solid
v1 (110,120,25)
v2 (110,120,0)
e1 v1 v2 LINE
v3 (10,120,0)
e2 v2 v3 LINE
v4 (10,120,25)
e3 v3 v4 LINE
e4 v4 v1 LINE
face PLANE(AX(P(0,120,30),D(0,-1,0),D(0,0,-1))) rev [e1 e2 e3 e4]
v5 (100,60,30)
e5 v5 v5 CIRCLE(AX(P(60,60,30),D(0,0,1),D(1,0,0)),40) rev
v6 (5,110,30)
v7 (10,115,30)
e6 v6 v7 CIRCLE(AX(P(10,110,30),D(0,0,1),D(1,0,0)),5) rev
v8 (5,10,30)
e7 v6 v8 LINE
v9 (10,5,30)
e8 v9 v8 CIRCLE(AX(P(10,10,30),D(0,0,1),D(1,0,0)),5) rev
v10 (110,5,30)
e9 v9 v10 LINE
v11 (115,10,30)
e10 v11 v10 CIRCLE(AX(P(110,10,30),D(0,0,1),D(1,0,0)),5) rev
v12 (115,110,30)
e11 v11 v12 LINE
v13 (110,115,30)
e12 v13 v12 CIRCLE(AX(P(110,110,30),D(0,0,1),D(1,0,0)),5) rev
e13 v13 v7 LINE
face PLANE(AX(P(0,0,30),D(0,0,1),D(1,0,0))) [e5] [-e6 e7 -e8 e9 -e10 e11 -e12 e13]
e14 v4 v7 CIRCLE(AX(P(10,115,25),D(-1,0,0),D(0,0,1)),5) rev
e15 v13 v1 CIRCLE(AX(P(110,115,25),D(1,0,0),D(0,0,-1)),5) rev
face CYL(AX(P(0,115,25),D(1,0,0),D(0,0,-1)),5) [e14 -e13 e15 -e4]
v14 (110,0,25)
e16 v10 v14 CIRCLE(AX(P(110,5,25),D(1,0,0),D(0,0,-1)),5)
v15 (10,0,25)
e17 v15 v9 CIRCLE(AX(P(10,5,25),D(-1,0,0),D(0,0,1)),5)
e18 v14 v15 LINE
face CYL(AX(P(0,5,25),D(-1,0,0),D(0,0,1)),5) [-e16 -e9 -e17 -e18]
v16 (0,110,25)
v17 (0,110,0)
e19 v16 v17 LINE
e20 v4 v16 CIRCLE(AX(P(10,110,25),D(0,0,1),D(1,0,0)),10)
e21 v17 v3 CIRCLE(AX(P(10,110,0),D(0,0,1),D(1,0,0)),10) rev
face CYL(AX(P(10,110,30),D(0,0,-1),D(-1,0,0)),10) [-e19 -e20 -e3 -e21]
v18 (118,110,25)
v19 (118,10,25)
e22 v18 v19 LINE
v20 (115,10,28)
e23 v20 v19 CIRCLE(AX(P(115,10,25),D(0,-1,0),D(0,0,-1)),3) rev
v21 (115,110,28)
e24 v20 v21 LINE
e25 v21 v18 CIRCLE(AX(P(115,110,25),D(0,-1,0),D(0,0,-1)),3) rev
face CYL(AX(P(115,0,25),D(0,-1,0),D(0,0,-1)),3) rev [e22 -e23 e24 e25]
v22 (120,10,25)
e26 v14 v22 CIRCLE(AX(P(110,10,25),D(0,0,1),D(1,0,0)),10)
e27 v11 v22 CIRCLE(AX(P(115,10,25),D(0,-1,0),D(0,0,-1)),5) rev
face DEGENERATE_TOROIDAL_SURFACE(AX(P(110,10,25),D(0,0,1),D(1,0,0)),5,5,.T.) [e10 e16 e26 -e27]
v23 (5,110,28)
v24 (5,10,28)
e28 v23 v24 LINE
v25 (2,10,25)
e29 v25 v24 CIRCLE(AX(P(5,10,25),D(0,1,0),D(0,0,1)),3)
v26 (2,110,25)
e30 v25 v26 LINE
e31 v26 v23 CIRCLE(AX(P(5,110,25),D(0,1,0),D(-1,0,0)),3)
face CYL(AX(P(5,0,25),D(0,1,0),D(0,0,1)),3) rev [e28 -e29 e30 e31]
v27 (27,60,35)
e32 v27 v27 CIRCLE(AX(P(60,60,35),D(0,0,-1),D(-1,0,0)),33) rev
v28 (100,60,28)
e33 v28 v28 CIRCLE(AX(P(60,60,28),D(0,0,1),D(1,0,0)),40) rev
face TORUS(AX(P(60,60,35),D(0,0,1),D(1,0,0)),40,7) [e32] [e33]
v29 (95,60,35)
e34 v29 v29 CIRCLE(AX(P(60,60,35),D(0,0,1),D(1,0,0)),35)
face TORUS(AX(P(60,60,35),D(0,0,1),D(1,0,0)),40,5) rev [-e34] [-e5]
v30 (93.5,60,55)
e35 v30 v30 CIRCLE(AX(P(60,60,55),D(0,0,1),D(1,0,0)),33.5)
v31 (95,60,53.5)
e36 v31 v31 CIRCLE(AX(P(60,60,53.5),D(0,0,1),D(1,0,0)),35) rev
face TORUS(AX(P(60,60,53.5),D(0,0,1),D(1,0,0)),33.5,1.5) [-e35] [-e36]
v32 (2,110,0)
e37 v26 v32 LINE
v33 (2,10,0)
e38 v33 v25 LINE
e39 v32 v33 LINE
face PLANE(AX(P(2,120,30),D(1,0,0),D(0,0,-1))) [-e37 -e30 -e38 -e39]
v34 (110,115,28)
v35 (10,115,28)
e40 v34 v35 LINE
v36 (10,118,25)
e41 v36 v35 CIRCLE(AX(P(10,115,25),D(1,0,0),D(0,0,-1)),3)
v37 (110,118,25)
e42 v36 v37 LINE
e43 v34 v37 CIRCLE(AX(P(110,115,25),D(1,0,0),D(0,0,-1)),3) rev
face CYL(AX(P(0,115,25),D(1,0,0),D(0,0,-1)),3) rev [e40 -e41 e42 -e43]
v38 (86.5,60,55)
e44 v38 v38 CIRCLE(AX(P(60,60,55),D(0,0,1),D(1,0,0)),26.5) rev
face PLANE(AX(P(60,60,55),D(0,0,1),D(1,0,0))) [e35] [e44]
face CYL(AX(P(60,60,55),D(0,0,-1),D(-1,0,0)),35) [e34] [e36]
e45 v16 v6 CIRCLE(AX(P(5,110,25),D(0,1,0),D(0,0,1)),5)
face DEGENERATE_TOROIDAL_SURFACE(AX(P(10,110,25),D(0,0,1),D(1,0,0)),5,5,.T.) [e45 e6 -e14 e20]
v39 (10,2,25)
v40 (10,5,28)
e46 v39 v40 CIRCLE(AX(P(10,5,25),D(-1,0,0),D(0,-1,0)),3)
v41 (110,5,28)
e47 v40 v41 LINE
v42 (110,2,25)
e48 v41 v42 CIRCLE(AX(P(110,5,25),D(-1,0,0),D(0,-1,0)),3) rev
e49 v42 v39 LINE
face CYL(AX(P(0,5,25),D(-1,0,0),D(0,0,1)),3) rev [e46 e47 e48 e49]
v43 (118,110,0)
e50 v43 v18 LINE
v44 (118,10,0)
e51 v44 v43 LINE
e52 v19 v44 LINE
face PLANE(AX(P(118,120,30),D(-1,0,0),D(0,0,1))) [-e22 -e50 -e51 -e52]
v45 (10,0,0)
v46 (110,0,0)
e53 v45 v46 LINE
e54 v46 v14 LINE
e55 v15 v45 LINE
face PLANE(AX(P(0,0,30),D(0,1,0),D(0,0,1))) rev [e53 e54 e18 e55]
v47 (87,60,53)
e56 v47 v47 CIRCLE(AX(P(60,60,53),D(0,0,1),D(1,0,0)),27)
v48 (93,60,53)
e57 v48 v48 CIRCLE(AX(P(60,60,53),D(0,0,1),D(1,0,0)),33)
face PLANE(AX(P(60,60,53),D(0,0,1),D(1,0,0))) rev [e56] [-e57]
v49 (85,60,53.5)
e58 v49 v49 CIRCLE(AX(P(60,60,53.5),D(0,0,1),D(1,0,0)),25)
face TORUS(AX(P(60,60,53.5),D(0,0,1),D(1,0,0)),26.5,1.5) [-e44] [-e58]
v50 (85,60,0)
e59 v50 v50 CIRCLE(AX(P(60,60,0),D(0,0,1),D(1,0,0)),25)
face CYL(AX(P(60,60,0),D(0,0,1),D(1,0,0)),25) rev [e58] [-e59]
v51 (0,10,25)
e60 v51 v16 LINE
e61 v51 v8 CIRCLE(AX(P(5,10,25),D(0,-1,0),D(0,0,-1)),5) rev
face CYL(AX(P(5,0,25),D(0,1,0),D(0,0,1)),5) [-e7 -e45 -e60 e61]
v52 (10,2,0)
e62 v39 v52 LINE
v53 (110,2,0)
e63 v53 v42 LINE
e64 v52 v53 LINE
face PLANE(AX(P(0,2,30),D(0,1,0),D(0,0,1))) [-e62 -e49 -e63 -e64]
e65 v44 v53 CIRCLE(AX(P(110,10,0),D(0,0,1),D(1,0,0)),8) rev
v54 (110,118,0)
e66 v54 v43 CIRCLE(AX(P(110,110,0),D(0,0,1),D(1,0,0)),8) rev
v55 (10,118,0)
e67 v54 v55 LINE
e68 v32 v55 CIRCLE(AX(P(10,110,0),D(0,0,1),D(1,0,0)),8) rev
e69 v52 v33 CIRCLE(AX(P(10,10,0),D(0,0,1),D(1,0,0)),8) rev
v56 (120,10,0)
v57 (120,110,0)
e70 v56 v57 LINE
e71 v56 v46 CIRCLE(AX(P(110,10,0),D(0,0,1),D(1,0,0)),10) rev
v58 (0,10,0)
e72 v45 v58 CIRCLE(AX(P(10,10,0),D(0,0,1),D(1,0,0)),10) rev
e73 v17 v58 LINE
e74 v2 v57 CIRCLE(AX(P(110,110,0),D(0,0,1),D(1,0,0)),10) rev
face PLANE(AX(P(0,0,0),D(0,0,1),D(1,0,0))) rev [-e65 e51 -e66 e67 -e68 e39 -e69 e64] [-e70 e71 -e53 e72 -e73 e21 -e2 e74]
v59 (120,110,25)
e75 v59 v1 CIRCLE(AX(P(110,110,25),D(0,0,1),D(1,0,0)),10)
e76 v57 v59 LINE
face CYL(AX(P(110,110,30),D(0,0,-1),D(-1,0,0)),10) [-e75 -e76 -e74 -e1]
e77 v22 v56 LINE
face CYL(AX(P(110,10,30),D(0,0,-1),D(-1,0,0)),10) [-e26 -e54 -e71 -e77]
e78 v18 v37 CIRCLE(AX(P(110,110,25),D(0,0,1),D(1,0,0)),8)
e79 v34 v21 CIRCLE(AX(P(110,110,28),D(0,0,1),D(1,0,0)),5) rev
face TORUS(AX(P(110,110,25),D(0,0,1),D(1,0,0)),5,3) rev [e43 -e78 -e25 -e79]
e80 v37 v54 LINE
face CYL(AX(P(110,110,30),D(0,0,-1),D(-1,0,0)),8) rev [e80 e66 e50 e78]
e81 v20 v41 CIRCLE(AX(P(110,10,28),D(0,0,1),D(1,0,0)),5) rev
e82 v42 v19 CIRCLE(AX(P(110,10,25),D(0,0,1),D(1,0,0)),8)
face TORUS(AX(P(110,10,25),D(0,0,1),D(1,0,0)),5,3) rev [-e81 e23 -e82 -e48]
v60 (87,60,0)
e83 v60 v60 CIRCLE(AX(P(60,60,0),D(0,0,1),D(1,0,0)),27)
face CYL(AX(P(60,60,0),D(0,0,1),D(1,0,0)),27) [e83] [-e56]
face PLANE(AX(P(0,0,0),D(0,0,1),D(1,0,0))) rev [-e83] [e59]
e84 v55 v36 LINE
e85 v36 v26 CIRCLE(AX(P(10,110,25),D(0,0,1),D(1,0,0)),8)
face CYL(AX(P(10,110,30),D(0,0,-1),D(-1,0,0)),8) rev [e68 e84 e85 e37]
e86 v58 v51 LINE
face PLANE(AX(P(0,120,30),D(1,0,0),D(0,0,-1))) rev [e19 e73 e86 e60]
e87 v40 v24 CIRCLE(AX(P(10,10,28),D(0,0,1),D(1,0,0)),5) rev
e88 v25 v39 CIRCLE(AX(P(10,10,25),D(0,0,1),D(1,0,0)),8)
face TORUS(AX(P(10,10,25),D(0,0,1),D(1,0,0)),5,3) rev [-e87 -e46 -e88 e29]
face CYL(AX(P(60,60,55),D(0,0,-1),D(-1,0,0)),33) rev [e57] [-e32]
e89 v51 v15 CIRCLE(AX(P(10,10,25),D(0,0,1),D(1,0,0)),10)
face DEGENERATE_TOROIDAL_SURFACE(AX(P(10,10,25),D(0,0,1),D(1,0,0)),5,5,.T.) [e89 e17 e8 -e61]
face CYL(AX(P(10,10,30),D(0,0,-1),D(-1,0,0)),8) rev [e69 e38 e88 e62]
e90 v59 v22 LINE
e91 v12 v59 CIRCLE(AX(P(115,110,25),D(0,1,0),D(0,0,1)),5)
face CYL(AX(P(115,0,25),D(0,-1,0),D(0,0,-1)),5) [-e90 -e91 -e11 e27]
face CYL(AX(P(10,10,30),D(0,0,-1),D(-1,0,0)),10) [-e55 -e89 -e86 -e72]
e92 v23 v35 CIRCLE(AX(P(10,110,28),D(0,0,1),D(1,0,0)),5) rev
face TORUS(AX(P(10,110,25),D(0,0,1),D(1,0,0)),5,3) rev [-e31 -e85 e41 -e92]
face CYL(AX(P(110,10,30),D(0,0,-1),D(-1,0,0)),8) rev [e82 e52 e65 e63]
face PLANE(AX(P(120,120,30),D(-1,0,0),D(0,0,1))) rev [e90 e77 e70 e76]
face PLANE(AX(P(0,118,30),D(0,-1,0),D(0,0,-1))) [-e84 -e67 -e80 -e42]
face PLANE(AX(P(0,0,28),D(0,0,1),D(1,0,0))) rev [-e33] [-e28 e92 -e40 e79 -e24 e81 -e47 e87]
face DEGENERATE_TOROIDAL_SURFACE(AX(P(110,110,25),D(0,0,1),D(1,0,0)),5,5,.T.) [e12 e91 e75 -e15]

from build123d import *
from OCP.BRepFilletAPI import BRepFilletAPI_MakeFillet

# Parameters (mm, degrees)
SKETCH1_W           = 120
SKETCH1_H           = 120
BOSS_EXTRUDE1_DEPTH = 30
SKETCH3_R           = 35
BOSS_EXTRUDE2_DEPTH = 25
SKETCH4_R           = 25
CUT_EXTRUDE1_DEPTH  = 179.395627749
FILLET1_R1          = 5
FILLET1_R2          = 10
FILLET2_R           = 1.5
SHELL1_T            = -2


with BuildPart() as part:
    # Sketch1 → Boss-Extrude1 (new body)
    with BuildSketch(Plane.XY):
        with Locations((60, 60)):
            Rectangle(SKETCH1_W, SKETCH1_H)
    extrude(amount=BOSS_EXTRUDE1_DEPTH)

    # Sketch3 → Boss-Extrude2 (add)
    with BuildSketch(Plane.XY.offset(30)):
        with Locations((60, 60)):
            Circle(SKETCH3_R)
    extrude(amount=BOSS_EXTRUDE2_DEPTH)

    # Sketch4 → Cut-Extrude1 (cut, through all)
    with BuildSketch(Plane.XY.offset(55)):
        with Locations((60, 60)):
            Circle(SKETCH4_R)
    extrude(amount=-CUT_EXTRUDE1_DEPTH, mode=Mode.SUBTRACT)

    # Fillet1: one fillet with a radius per group of edges: ONE call of the kernel's fillet builder (fillet() takes one radius for all edges)
    fillet1_edges_1 = [part.edges().sort_by_distance(p)[0] for p in [
        (120, 60, 30),
        (25, 60, 30),
        (60, 120, 30),
        (0, 60, 30),
        (60, 0, 30),
    ]]
    fillet1_edges_2 = [part.edges().sort_by_distance(p)[0] for p in [
        (0, 120, 15),
        (120, 120, 15),
        (120, 0, 15),
        (0, 0, 15),
    ]]
    fillet1 = BRepFilletAPI_MakeFillet(part.part.solid().wrapped)
    for e in fillet1_edges_1:
        fillet1.Add(FILLET1_R1, e.wrapped)
    for e in fillet1_edges_2:
        fillet1.Add(FILLET1_R2, e.wrapped)
    add(Compound.cast(fillet1.Shape()), mode=Mode.REPLACE)

    # Fillet2
    fillet2_edges = [part.edges().sort_by_distance(p)[0] for p in [
        (25, 60, 55),
        (35, 60, 55),
    ]]
    fillet(fillet2_edges, radius=FILLET2_R)

    # Shell1
    shell1_openings = [part.faces().sort_by_distance(p)[0] for p in [
        (60, 118.302943725, 0),
    ]]
    offset(amount=SHELL1_T, openings=shell1_openings, kind=Kind.INTERSECTION)


solid = part.part
